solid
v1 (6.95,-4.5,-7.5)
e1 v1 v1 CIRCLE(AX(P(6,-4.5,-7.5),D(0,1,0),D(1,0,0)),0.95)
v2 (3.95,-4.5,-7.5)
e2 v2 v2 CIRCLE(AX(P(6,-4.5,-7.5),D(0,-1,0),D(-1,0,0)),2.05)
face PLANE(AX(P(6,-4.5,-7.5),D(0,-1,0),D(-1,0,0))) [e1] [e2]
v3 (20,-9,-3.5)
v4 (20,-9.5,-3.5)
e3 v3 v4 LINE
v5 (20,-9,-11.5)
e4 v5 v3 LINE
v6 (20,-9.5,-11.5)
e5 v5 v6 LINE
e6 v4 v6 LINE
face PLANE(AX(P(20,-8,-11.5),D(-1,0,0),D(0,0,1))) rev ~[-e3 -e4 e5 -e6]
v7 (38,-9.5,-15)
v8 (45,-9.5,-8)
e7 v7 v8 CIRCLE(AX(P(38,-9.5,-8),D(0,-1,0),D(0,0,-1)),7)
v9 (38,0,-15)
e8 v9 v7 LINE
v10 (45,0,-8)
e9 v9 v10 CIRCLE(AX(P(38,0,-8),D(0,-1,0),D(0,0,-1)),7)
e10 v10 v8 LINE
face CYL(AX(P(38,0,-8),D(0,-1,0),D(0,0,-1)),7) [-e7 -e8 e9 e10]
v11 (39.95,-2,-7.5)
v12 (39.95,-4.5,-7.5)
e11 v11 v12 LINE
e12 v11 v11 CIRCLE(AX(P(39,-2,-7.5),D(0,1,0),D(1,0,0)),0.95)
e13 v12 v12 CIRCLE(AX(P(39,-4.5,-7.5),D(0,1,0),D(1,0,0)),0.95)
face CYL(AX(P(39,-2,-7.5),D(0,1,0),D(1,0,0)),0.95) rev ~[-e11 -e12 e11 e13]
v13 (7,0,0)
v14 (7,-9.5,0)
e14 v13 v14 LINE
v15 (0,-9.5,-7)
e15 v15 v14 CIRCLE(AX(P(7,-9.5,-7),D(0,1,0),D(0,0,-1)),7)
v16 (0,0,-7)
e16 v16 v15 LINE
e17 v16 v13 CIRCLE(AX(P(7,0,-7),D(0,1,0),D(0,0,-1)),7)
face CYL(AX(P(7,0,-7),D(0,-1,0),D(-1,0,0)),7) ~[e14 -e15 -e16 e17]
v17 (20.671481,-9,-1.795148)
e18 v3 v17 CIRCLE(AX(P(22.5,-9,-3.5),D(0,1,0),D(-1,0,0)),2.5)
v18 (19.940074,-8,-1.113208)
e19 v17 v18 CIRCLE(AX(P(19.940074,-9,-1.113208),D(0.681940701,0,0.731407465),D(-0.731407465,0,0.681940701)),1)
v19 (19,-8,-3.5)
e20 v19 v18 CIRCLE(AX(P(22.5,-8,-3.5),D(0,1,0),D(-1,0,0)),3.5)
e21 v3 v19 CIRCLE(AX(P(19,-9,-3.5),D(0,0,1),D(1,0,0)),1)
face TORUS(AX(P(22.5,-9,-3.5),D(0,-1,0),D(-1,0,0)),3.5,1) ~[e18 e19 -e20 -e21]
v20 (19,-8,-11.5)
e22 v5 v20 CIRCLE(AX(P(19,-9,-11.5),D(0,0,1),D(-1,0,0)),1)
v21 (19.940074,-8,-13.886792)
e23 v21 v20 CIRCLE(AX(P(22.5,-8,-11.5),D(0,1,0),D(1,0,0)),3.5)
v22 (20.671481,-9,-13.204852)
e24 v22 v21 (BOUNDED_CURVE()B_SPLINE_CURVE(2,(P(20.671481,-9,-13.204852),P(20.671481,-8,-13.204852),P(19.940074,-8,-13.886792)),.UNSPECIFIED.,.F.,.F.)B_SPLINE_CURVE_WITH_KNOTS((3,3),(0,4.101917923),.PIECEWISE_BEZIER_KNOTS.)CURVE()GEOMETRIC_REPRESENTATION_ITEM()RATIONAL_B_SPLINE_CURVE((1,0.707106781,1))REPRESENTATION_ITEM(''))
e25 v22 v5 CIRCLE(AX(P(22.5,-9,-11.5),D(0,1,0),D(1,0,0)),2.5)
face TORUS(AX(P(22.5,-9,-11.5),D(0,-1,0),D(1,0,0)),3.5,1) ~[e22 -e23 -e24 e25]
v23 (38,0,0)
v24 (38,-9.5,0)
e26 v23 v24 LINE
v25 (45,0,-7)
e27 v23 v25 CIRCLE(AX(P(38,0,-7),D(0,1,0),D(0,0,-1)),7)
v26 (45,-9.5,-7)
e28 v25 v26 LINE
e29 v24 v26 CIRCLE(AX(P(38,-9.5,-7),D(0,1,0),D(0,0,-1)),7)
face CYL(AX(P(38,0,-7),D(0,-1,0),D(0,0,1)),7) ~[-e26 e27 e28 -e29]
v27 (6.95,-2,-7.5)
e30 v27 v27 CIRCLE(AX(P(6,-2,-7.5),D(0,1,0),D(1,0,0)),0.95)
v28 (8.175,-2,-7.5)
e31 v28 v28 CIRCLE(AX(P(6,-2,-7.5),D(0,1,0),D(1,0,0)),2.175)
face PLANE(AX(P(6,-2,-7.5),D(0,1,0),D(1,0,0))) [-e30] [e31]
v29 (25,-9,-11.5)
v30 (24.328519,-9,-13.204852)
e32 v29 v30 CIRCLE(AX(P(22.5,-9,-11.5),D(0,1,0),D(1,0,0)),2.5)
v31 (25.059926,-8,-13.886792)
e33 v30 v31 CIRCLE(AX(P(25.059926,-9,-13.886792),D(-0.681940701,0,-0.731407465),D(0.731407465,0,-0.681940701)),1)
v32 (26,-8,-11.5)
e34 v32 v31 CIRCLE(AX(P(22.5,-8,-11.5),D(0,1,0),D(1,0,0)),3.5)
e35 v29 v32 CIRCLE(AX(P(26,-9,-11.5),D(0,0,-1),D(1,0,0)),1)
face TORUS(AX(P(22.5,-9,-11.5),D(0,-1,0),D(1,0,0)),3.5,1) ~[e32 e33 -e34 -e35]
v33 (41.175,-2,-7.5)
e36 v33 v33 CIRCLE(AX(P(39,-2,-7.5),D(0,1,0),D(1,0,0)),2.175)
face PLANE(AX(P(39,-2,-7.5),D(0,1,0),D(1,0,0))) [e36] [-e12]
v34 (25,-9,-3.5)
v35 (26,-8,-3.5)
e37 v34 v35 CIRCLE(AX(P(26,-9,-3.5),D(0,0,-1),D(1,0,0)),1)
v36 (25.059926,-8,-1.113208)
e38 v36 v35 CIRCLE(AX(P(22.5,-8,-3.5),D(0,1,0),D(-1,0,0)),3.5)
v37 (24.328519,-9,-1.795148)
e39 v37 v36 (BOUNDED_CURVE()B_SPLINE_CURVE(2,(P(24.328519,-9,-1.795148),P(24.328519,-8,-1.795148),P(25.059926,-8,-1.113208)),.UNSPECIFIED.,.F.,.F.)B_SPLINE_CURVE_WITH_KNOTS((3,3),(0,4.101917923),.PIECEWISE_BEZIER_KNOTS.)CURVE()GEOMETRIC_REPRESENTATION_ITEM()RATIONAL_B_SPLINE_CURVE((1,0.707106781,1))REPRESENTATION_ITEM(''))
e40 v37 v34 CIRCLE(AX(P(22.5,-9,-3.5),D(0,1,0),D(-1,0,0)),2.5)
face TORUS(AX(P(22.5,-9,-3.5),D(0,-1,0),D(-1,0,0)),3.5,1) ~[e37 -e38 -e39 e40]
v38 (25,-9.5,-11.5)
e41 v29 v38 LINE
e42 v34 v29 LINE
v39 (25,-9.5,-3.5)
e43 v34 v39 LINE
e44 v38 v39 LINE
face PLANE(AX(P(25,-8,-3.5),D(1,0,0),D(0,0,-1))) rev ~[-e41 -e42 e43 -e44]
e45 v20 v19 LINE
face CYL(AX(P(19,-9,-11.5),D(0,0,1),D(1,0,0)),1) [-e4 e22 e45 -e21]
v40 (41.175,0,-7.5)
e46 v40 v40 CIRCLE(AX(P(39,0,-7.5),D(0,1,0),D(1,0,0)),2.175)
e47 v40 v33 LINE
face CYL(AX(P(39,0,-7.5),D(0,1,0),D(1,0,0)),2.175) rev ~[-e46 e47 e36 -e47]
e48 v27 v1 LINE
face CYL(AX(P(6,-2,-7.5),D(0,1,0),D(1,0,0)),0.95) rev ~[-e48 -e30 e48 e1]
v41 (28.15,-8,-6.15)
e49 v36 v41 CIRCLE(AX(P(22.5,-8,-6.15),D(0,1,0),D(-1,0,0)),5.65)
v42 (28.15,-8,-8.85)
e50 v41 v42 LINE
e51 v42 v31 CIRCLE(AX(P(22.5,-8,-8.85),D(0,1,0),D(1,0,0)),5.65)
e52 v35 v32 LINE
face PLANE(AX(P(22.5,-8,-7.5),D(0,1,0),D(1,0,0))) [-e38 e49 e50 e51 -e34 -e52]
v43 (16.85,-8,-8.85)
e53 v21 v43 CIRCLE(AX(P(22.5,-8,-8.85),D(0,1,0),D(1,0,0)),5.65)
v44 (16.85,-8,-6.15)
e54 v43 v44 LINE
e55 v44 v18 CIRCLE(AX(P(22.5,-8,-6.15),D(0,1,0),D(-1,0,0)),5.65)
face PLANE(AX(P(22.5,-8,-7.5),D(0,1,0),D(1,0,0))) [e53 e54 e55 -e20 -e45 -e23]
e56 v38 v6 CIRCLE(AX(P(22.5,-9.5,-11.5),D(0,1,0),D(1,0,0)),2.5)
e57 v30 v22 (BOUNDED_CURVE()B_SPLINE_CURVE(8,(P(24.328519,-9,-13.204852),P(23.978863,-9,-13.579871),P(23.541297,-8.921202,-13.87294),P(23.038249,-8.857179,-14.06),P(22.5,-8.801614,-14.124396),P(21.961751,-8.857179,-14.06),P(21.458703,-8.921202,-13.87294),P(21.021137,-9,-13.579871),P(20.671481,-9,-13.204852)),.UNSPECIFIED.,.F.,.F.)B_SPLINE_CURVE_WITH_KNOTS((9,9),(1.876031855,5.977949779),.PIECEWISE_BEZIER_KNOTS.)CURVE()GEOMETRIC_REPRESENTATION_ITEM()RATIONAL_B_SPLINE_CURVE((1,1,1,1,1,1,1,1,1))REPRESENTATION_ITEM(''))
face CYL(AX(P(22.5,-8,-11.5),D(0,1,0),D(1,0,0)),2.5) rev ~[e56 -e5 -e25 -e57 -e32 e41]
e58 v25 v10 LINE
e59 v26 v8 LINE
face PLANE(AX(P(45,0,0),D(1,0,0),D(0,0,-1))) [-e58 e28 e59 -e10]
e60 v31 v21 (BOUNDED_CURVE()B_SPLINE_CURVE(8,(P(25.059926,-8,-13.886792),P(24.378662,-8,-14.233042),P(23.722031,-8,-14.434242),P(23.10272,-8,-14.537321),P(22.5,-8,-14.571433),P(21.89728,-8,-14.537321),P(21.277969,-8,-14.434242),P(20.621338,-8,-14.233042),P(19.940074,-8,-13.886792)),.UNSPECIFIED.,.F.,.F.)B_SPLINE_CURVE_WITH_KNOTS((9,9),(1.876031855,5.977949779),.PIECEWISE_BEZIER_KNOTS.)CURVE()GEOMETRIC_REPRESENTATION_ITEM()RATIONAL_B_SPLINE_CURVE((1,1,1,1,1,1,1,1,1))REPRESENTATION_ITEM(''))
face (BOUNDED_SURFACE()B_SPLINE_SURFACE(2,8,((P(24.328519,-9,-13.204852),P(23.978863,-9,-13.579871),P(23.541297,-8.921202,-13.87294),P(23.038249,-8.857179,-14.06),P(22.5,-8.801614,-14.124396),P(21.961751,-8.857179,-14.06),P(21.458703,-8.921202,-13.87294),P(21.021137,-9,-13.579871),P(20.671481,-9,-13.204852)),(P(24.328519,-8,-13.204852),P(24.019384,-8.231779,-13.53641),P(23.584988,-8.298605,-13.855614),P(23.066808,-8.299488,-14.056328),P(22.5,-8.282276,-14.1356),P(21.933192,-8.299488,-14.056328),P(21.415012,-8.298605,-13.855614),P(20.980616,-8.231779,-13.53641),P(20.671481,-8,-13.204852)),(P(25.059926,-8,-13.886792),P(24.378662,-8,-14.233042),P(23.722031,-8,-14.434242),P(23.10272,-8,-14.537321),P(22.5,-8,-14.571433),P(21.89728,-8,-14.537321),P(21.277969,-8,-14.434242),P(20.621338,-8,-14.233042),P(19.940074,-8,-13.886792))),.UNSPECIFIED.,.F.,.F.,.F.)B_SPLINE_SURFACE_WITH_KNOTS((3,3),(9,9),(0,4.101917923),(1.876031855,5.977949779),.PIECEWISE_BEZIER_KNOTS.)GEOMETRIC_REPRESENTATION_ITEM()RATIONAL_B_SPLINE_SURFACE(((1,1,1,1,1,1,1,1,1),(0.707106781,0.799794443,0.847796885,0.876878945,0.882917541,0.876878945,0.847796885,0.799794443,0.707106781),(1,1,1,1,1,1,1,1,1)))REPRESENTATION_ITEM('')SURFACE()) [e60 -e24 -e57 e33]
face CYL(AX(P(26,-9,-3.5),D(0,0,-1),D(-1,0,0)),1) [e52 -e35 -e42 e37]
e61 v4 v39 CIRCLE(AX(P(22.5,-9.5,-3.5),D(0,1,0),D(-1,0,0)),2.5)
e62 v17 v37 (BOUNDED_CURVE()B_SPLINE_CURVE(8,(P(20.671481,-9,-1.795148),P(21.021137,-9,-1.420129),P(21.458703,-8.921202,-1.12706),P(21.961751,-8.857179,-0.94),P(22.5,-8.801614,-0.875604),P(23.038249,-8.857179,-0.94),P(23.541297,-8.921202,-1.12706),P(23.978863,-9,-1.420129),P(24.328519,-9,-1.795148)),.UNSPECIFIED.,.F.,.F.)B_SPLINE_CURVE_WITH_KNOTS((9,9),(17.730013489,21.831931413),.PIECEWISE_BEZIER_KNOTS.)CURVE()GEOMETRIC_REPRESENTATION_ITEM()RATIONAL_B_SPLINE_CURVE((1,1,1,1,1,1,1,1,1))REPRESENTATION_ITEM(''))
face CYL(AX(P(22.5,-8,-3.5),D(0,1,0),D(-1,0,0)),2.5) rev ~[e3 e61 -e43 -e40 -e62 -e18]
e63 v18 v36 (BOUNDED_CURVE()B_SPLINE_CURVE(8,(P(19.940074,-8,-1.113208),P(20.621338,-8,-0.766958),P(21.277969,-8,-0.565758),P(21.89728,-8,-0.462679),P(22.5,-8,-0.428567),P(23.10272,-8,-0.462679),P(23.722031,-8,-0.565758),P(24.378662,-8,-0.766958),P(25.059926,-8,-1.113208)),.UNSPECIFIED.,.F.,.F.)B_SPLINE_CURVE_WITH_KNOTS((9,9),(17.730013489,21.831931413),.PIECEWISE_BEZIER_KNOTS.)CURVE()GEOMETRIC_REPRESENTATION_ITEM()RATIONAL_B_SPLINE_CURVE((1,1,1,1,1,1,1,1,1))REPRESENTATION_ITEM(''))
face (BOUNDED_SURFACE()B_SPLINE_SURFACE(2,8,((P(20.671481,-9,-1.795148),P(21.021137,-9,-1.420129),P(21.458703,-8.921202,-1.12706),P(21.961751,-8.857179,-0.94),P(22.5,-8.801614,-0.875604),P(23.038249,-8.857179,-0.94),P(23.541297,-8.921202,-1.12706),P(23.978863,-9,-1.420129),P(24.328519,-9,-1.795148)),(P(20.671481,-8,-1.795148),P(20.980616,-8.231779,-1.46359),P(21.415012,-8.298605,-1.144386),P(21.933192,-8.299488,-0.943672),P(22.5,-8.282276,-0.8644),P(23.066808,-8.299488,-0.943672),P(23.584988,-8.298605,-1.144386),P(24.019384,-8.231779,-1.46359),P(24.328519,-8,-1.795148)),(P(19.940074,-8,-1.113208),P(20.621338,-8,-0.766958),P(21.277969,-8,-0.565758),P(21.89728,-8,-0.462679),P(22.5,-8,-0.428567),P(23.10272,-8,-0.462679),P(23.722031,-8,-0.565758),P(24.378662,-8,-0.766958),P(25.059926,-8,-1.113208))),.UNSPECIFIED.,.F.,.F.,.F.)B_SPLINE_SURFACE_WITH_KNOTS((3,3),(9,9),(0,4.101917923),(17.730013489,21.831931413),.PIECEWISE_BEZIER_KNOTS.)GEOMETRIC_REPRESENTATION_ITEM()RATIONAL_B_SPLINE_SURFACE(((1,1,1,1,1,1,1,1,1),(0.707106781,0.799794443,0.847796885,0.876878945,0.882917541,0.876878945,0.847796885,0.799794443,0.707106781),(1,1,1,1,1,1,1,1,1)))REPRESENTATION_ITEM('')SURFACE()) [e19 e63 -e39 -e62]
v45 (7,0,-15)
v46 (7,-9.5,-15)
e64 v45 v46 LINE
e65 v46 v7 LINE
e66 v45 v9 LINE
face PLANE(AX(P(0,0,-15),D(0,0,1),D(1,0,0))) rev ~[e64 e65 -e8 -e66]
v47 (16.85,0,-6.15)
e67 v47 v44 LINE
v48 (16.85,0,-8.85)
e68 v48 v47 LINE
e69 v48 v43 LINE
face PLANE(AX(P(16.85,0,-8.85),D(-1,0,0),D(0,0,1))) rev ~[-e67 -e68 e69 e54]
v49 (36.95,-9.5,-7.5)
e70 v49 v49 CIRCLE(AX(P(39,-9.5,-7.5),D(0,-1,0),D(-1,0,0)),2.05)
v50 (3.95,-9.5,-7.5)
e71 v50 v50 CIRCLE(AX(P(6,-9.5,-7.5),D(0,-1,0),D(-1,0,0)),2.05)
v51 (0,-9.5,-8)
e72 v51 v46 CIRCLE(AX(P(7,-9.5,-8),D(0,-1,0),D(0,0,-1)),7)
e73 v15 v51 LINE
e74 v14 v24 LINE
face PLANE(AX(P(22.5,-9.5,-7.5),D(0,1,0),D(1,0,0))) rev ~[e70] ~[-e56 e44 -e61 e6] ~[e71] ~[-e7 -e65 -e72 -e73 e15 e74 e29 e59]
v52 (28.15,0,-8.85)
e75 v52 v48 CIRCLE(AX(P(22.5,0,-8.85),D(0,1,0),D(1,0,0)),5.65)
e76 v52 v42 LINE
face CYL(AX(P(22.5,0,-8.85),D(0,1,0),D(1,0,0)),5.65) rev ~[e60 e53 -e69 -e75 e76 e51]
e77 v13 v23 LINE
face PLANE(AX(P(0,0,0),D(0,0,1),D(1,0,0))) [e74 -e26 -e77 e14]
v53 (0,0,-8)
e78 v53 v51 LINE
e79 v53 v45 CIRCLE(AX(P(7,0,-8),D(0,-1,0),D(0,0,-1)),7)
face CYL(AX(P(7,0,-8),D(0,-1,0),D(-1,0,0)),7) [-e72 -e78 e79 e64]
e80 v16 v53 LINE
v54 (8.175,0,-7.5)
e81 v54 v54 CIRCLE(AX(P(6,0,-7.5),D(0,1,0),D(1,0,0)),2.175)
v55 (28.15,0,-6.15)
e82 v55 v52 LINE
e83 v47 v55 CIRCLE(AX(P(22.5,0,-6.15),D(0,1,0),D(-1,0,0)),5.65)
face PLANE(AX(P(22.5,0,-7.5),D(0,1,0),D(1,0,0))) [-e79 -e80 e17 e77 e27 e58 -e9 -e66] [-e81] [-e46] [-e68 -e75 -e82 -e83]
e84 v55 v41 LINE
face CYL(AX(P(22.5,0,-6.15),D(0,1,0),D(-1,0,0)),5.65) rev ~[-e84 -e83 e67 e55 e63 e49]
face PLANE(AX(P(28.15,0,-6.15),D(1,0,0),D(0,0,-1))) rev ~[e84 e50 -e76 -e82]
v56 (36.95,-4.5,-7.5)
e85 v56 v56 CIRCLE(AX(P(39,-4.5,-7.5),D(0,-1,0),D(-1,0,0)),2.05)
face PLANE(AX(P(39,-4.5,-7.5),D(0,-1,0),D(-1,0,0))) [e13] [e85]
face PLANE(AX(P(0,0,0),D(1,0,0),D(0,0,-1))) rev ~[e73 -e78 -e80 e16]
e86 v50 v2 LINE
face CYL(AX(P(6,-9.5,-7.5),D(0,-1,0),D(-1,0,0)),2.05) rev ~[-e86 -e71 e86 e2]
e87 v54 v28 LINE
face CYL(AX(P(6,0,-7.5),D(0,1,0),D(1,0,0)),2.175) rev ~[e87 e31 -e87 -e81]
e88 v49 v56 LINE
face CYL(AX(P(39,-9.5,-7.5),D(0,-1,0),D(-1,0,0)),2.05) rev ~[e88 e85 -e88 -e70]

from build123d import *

# Parameters (mm, degrees)
SKETCH1_W           = 45
SKETCH1_H           = 15
BOSS_EXTRUDE1_DEPTH = 9.5
SKETCH2_R           = 5.5
CUT_EXTRUDE1_DEPTH  = 8
CUT_EXTRUDE6_DEPTH  = 8
CUT_EXTRUDE2_REACH  = 3.5
SKETCH4_R           = 2.175
CUT_EXTRUDE3_DEPTH  = 2
FILLET1_R           = 7
SKETCH5_R           = 2.05
CUT_EXTRUDE4_DEPTH  = 5
SKETCH6_R           = 0.95
CUT_EXTRUDE5_DEPTH  = 3
FILLET3_R           = 1


with BuildPart() as part:
    # Sketch1 → Boss-Extrude1 (new body)
    with BuildSketch(Plane(origin=(0, 0, 0), x_dir=(1, 0, 0), z_dir=(0, 1, 0))):
        with Locations((22.5, 7.5)):
            Rectangle(SKETCH1_W, SKETCH1_H)
    extrude(amount=-BOSS_EXTRUDE1_DEPTH)

    # Sketch2 → Cut-Extrude1 (cut)
    with BuildSketch(Plane(origin=(0, 0, 0), x_dir=(1, 0, 0), z_dir=(0, 1, 0))):
        with Locations((22.5, 8.82)):
            Circle(SKETCH2_R)
    extrude(amount=-CUT_EXTRUDE1_DEPTH, mode=Mode.SUBTRACT)

    # Sketch8 → Cut-Extrude6 (cut)
    with BuildSketch(Plane(origin=(0, 0, 0), x_dir=(1, 0, 0), z_dir=(0, 1, 0))):
        with BuildLine():
            Line((16.85, 8.85), (16.85, 6.15))
            ThreePointArc((16.85, 6.15), (22.5, 0.5), (28.15, 6.15))
            Line((28.15, 6.15), (28.15, 8.85))
            ThreePointArc((28.15, 8.85), (22.5, 14.5), (16.85, 8.85))
        make_face()
    extrude(amount=-CUT_EXTRUDE6_DEPTH, mode=Mode.SUBTRACT)

    # Sketch3 → Cut-Extrude2 (cut, up to next)
    with BuildSketch(Plane(origin=(0, -8, 0), x_dir=(1, 0, 0), z_dir=(0, 1, 0)), mode=Mode.PRIVATE) as cut_extrude2_sk1:
        with BuildLine():
            Line((20, 11.5), (20, 3.5))
            ThreePointArc((20, 3.5), (22.5, 1), (25, 3.5))
            Line((25, 3.5), (25, 11.5))
            ThreePointArc((25, 11.5), (22.5, 14), (20, 11.5))
        make_face()
    cut_extrude2_tool1 = extrude(cut_extrude2_sk1.sketch, amount=-CUT_EXTRUDE2_REACH, mode=Mode.PRIVATE) & part.part
    add(cut_extrude2_tool1.solids().sort_by_distance((22.5, -8, -7.5))[0], mode=Mode.SUBTRACT)

    # Sketch4 → Cut-Extrude3 (cut)
    with BuildSketch(Plane(origin=(0, 0, 0), x_dir=(1, 0, 0), z_dir=(0, 1, 0))):
        with Locations((6, 7.5)):
            Circle(SKETCH4_R)
        with Locations((39, 7.5)):
            Circle(SKETCH4_R)
    extrude(amount=-CUT_EXTRUDE3_DEPTH, mode=Mode.SUBTRACT)

    # Fillet1
    fillet1_edges = [part.edges().sort_by_distance(p)[0] for p in [
        (0, -4.75, -15),
        (45, -4.75, -15),
        (45, -4.75, 0),
        (0, -4.75, 0),
    ]]
    fillet(fillet1_edges, radius=FILLET1_R)

    # Sketch5 → Cut-Extrude4 (cut)
    with BuildSketch(Plane(origin=(0, -9.5, 0), x_dir=(-1, 0, 0), z_dir=(0, -1, 0))):
        with Locations((-39, 7.5)):
            Circle(SKETCH5_R)
        with Locations((-6, 7.5)):
            Circle(SKETCH5_R)
    extrude(amount=-CUT_EXTRUDE4_DEPTH, mode=Mode.SUBTRACT)

    # Sketch6 → Cut-Extrude5 (cut)
    with BuildSketch(Plane(origin=(0, -2, 0), x_dir=(1, 0, 0), z_dir=(0, 1, 0))):
        with Locations((6, 7.5)):
            Circle(SKETCH6_R)
        with Locations((39, 7.5)):
            Circle(SKETCH6_R)
    extrude(amount=-CUT_EXTRUDE5_DEPTH, mode=Mode.SUBTRACT)

    # Fillet3
    fillet3_edges = [part.edges().sort_by_distance(p)[0] for p in [
        (22.5, -8, -14),
        (20, -8, -7.5),
        (22.5, -8, -1),
        (25, -8, -7.5),
    ]]
    fillet(fillet3_edges, radius=FILLET3_R)


solid = part.part
